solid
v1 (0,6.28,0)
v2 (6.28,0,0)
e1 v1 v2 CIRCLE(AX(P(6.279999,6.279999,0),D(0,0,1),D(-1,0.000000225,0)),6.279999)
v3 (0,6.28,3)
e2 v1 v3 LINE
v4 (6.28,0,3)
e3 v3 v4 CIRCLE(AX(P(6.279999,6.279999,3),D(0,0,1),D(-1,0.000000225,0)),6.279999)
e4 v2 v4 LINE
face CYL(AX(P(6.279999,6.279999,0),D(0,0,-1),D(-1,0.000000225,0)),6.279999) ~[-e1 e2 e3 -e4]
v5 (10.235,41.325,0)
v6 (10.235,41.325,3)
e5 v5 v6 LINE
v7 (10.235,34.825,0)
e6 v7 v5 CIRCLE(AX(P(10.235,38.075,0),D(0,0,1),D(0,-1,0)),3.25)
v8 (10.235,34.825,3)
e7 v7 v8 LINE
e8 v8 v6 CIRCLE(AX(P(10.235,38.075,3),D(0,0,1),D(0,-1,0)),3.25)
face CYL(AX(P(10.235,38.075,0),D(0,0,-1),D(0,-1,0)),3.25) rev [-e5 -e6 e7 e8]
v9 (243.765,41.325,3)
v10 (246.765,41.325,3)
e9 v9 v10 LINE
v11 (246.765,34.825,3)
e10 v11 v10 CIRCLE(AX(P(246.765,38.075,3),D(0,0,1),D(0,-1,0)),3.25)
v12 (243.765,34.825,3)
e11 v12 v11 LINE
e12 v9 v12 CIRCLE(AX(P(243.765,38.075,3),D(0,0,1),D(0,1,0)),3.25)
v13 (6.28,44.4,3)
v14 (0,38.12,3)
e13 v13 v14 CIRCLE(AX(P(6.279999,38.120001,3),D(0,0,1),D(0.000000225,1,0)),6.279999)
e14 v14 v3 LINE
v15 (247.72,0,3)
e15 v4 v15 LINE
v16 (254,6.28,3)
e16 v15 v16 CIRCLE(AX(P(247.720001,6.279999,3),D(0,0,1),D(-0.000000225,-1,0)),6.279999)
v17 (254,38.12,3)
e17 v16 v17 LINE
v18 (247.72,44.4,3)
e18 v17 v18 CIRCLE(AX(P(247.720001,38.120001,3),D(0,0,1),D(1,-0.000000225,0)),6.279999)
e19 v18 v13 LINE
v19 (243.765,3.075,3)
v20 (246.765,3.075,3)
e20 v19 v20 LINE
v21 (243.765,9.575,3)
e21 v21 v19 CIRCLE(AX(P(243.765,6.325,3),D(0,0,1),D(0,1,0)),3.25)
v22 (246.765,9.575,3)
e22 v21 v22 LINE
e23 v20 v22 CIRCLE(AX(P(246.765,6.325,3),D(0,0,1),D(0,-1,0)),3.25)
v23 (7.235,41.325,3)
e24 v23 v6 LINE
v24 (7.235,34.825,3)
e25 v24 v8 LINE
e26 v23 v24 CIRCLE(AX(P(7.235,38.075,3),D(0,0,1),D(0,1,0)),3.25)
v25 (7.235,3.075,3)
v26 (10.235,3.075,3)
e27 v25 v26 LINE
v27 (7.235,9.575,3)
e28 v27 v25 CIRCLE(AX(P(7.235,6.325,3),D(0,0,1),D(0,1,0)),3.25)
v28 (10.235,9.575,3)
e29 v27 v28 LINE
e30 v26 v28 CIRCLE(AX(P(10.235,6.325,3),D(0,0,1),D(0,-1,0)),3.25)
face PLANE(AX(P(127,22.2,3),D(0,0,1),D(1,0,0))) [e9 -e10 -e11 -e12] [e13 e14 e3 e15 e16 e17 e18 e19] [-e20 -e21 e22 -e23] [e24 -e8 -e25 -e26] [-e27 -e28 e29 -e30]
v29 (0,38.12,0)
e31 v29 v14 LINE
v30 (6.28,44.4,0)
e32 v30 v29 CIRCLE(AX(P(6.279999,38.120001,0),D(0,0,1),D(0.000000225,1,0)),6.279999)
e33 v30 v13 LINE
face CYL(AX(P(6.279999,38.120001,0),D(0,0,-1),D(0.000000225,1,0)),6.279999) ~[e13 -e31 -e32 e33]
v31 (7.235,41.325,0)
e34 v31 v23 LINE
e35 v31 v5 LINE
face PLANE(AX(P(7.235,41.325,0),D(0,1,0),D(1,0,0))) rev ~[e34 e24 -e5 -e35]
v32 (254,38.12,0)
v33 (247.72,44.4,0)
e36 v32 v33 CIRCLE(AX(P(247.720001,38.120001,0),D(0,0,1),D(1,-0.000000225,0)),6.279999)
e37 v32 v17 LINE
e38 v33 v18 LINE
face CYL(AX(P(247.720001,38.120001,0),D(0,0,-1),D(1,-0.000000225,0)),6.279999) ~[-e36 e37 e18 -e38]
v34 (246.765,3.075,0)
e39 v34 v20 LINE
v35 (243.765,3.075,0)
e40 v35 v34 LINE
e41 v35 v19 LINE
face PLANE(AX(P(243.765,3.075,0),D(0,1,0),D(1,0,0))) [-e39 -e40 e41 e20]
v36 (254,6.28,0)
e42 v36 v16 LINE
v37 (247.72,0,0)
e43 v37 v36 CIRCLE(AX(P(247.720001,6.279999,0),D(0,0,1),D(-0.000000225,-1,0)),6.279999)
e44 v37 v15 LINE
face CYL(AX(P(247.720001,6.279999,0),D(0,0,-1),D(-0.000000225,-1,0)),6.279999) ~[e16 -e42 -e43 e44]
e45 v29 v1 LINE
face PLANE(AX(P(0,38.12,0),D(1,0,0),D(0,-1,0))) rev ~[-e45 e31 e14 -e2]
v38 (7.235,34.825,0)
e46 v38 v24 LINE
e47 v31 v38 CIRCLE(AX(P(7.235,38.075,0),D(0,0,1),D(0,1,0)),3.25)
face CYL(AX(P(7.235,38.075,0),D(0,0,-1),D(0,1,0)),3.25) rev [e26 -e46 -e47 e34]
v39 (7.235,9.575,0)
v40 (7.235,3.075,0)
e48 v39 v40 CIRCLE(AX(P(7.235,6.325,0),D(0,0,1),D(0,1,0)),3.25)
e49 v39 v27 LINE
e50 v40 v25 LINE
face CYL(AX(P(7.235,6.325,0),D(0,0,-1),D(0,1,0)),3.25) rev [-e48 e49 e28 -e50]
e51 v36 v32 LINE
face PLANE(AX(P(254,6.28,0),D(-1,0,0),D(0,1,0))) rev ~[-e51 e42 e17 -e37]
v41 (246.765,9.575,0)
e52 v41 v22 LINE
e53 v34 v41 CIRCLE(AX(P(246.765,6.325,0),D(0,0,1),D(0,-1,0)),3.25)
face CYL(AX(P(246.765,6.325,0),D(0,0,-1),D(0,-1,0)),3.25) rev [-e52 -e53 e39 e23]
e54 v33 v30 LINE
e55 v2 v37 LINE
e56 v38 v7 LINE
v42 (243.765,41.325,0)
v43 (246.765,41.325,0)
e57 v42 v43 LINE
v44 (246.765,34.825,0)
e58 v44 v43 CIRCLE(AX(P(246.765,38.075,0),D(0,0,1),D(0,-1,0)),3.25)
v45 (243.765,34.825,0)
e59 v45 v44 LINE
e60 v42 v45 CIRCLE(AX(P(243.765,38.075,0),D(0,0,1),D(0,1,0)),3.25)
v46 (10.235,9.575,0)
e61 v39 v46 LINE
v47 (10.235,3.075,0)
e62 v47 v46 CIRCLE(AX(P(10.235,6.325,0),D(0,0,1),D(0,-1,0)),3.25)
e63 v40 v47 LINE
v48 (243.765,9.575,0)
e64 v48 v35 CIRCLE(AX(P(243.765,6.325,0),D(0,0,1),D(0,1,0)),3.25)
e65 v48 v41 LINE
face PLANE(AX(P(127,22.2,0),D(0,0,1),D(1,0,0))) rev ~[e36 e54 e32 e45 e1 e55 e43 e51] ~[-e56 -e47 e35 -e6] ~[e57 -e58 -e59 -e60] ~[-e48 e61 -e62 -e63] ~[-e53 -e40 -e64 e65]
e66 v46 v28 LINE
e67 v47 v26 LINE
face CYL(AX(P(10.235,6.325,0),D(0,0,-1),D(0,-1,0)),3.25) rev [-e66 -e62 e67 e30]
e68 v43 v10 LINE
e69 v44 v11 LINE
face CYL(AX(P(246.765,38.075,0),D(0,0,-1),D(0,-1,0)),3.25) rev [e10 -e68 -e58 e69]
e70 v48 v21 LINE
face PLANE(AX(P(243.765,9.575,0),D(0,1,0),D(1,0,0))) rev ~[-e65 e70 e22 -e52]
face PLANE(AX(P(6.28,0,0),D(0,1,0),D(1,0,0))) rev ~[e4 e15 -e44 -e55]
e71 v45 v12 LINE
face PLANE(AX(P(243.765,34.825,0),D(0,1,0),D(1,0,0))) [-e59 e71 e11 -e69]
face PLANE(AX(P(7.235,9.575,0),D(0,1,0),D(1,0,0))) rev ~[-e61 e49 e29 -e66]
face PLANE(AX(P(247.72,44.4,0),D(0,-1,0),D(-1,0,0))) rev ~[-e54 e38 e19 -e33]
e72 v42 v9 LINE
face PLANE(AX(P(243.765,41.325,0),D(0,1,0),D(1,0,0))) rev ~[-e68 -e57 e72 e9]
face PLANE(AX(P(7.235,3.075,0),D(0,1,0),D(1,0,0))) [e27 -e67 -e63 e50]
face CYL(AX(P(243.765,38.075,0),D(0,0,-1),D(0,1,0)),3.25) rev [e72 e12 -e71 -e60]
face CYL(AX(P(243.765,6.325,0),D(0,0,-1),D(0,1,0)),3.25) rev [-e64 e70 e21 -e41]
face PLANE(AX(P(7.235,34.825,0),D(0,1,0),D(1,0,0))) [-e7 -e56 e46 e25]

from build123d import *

# Parameters (mm, degrees)
PAD_DEPTH = 3


with BuildPart() as part:
    # Sketch (on XY_Plane of Origin) → Pad (new body)
    with BuildSketch(Plane.XY):
        with BuildLine():
            Line((6.28, 0), (247.72, 0))
            ThreePointArc((247.72, 0), (252.160631, 1.839369), (254, 6.28))
            Line((254, 6.28), (254, 38.12))
            ThreePointArc((254, 38.12), (252.160631, 42.560631), (247.72, 44.4))
            Line((247.72, 44.4), (6.28, 44.4))
            ThreePointArc((6.28, 44.4), (1.839369, 42.560631), (0, 38.12))
            Line((0, 38.12), (0, 6.28))
            ThreePointArc((0, 6.28), (1.839369, 1.839369), (6.28, 0))
        make_face()
        with BuildLine():
            ThreePointArc((243.765, 9.575), (240.515, 6.325), (243.765, 3.075))
            Line((243.765, 3.075), (246.765, 3.075))
            ThreePointArc((246.765, 3.075), (250.015, 6.325), (246.765, 9.575))
            Line((243.765, 9.575), (246.765, 9.575))
        make_face(mode=Mode.SUBTRACT)
        with BuildLine():
            ThreePointArc((243.765, 41.325), (240.515, 38.075), (243.765, 34.825))
            Line((243.765, 34.825), (246.765, 34.825))
            ThreePointArc((246.765, 34.825), (250.015, 38.075), (246.765, 41.325))
            Line((243.765, 41.325), (246.765, 41.325))
        make_face(mode=Mode.SUBTRACT)
        with BuildLine():
            ThreePointArc((7.235, 9.575), (3.985, 6.325), (7.235, 3.075))
            Line((7.235, 3.075), (10.235, 3.075))
            ThreePointArc((10.235, 3.075), (13.485, 6.325), (10.235, 9.575))
            Line((7.235, 9.575), (10.235, 9.575))
        make_face(mode=Mode.SUBTRACT)
        with BuildLine():
            ThreePointArc((7.235, 41.325), (3.985, 38.075), (7.235, 34.825))
            Line((7.235, 34.825), (10.235, 34.825))
            ThreePointArc((10.235, 34.825), (13.485, 38.075), (10.235, 41.325))
            Line((7.235, 41.325), (10.235, 41.325))
        make_face(mode=Mode.SUBTRACT)
    extrude(amount=PAD_DEPTH)


solid = part.part
